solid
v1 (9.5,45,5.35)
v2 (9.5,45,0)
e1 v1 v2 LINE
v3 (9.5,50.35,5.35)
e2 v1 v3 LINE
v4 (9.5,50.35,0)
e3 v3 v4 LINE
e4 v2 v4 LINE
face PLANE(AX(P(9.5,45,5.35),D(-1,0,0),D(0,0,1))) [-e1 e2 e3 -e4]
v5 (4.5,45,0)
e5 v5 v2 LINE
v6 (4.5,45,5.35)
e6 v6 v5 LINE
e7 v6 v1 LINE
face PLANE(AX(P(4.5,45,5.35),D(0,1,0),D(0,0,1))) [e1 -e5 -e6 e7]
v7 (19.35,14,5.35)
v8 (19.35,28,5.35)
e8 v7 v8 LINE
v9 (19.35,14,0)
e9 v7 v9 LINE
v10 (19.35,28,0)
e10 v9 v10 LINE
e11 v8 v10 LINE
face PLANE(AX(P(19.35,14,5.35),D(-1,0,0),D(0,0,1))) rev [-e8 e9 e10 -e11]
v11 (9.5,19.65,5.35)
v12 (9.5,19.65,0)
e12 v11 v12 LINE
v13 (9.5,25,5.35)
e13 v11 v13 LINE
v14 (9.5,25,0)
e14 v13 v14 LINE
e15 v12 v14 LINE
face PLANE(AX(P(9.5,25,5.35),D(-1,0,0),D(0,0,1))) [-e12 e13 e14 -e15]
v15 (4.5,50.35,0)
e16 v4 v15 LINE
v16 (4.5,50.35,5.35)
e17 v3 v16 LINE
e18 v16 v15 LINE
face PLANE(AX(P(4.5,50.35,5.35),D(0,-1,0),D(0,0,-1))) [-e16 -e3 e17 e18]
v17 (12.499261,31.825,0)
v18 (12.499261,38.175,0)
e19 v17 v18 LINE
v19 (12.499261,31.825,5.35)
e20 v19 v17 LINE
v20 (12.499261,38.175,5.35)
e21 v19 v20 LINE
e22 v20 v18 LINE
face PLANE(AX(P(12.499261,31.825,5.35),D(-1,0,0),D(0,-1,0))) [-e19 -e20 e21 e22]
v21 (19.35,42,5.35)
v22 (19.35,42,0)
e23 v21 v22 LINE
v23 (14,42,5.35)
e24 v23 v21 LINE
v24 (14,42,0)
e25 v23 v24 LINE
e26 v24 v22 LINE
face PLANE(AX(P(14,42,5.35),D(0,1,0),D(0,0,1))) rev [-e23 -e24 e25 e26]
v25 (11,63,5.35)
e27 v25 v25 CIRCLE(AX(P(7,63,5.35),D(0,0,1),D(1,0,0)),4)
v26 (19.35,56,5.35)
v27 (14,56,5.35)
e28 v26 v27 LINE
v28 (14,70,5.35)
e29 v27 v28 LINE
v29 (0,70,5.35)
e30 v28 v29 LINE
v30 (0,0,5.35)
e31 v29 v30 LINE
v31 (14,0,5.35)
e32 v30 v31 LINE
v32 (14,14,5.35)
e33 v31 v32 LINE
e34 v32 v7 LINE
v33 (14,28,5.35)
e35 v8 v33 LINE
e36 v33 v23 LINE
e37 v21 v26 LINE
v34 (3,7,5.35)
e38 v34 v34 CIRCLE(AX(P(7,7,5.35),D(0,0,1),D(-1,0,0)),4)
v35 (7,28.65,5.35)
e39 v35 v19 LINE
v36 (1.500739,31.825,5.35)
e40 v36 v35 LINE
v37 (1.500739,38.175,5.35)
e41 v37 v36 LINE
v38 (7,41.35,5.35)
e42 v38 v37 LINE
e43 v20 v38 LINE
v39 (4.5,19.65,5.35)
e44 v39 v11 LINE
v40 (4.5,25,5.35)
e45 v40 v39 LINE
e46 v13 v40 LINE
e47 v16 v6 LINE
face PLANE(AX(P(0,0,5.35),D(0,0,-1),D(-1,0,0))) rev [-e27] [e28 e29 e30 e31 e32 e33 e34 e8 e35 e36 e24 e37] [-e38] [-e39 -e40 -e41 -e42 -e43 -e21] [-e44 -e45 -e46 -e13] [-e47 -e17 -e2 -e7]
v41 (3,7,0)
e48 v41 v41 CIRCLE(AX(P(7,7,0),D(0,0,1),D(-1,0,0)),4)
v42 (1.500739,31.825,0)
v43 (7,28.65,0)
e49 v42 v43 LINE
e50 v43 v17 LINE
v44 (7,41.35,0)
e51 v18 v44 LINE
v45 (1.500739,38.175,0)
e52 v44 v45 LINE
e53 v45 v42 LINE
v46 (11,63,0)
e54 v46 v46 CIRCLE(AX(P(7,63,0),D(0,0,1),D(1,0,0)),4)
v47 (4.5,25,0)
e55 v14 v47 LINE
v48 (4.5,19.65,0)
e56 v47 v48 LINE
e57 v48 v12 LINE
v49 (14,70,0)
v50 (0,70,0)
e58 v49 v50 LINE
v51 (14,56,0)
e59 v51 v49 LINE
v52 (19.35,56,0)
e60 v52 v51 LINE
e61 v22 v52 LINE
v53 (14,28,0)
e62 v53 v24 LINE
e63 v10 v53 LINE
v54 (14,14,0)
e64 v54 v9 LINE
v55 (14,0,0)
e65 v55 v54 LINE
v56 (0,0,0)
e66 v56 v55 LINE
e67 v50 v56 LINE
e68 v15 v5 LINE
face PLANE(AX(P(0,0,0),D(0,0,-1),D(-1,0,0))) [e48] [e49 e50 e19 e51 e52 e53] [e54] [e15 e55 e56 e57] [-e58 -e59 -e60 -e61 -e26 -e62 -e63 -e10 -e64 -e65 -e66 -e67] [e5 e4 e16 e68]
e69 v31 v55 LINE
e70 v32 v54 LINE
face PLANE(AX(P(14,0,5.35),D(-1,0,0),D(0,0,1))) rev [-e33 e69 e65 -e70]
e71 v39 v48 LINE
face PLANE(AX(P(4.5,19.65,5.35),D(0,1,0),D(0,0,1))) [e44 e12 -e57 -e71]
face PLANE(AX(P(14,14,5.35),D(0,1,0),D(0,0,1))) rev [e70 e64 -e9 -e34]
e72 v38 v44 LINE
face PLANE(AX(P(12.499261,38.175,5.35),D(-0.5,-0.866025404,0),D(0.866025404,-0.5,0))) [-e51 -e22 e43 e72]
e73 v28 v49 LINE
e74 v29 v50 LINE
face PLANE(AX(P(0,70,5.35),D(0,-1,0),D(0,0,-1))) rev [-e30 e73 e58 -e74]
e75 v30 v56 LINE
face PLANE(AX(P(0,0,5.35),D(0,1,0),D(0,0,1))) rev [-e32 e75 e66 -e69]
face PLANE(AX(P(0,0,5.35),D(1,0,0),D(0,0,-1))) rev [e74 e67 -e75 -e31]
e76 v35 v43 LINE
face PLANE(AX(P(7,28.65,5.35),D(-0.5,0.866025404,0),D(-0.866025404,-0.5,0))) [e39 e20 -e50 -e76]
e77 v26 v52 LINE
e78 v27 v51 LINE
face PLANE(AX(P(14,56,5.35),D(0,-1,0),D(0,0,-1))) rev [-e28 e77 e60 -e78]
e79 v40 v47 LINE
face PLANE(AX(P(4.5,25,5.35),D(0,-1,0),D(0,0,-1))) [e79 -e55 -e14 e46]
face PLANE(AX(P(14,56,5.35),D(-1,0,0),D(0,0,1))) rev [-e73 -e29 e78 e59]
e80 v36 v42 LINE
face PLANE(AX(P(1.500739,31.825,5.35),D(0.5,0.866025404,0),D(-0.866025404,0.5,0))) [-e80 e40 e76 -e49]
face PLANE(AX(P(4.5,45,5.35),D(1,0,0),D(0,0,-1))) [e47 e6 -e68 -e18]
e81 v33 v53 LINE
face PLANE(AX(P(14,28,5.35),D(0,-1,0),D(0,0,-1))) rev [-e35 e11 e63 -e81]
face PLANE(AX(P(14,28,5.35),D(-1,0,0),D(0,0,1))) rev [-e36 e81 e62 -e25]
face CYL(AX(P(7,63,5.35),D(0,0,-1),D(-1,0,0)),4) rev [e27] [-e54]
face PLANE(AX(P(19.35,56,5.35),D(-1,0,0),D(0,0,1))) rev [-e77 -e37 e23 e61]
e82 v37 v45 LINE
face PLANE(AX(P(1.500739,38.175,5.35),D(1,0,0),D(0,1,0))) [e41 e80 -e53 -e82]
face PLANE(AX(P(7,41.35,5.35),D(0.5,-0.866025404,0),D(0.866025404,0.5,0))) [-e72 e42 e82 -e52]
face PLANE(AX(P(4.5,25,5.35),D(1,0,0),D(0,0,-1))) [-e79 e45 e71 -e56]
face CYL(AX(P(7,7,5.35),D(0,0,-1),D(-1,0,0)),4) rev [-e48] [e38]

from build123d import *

# Parameters (mm, degrees)
MODEL_R             = 4
MODEL_W             = 5
MODEL_H             = 5.35
BOSS_EXTRUDE1_DEPTH = 5.35


with BuildPart() as part:
    # Model → Boss-Extrude1 (new body)
    with BuildSketch(Plane.XY):
        Polygon((0, 0), (14, 0), (14, 14), (19.35, 14), (19.35, 28), (14, 28), (14, 42), (19.35, 42), (19.35, 56), (14, 56), (14, 70), (0, 70), align=None)
        with Locations((7, 63)):
            Circle(MODEL_R, mode=Mode.SUBTRACT)
        with Locations(Location((7, 7, 0), (0, 0, 180))):
            Circle(MODEL_R, mode=Mode.SUBTRACT)
        with Locations((7, 47.675)):
            Rectangle(MODEL_W, MODEL_H, mode=Mode.SUBTRACT)
        with Locations((7, 22.325)):
            Rectangle(MODEL_W, MODEL_H, mode=Mode.SUBTRACT)
        Polygon((1.500738686, 38.175), (1.500738686, 31.825), (7, 28.65), (12.499261314, 31.825), (12.499261314, 38.175), (7, 41.35), align=None, mode=Mode.SUBTRACT)
    extrude(amount=BOSS_EXTRUDE1_DEPTH)


solid = part.part
